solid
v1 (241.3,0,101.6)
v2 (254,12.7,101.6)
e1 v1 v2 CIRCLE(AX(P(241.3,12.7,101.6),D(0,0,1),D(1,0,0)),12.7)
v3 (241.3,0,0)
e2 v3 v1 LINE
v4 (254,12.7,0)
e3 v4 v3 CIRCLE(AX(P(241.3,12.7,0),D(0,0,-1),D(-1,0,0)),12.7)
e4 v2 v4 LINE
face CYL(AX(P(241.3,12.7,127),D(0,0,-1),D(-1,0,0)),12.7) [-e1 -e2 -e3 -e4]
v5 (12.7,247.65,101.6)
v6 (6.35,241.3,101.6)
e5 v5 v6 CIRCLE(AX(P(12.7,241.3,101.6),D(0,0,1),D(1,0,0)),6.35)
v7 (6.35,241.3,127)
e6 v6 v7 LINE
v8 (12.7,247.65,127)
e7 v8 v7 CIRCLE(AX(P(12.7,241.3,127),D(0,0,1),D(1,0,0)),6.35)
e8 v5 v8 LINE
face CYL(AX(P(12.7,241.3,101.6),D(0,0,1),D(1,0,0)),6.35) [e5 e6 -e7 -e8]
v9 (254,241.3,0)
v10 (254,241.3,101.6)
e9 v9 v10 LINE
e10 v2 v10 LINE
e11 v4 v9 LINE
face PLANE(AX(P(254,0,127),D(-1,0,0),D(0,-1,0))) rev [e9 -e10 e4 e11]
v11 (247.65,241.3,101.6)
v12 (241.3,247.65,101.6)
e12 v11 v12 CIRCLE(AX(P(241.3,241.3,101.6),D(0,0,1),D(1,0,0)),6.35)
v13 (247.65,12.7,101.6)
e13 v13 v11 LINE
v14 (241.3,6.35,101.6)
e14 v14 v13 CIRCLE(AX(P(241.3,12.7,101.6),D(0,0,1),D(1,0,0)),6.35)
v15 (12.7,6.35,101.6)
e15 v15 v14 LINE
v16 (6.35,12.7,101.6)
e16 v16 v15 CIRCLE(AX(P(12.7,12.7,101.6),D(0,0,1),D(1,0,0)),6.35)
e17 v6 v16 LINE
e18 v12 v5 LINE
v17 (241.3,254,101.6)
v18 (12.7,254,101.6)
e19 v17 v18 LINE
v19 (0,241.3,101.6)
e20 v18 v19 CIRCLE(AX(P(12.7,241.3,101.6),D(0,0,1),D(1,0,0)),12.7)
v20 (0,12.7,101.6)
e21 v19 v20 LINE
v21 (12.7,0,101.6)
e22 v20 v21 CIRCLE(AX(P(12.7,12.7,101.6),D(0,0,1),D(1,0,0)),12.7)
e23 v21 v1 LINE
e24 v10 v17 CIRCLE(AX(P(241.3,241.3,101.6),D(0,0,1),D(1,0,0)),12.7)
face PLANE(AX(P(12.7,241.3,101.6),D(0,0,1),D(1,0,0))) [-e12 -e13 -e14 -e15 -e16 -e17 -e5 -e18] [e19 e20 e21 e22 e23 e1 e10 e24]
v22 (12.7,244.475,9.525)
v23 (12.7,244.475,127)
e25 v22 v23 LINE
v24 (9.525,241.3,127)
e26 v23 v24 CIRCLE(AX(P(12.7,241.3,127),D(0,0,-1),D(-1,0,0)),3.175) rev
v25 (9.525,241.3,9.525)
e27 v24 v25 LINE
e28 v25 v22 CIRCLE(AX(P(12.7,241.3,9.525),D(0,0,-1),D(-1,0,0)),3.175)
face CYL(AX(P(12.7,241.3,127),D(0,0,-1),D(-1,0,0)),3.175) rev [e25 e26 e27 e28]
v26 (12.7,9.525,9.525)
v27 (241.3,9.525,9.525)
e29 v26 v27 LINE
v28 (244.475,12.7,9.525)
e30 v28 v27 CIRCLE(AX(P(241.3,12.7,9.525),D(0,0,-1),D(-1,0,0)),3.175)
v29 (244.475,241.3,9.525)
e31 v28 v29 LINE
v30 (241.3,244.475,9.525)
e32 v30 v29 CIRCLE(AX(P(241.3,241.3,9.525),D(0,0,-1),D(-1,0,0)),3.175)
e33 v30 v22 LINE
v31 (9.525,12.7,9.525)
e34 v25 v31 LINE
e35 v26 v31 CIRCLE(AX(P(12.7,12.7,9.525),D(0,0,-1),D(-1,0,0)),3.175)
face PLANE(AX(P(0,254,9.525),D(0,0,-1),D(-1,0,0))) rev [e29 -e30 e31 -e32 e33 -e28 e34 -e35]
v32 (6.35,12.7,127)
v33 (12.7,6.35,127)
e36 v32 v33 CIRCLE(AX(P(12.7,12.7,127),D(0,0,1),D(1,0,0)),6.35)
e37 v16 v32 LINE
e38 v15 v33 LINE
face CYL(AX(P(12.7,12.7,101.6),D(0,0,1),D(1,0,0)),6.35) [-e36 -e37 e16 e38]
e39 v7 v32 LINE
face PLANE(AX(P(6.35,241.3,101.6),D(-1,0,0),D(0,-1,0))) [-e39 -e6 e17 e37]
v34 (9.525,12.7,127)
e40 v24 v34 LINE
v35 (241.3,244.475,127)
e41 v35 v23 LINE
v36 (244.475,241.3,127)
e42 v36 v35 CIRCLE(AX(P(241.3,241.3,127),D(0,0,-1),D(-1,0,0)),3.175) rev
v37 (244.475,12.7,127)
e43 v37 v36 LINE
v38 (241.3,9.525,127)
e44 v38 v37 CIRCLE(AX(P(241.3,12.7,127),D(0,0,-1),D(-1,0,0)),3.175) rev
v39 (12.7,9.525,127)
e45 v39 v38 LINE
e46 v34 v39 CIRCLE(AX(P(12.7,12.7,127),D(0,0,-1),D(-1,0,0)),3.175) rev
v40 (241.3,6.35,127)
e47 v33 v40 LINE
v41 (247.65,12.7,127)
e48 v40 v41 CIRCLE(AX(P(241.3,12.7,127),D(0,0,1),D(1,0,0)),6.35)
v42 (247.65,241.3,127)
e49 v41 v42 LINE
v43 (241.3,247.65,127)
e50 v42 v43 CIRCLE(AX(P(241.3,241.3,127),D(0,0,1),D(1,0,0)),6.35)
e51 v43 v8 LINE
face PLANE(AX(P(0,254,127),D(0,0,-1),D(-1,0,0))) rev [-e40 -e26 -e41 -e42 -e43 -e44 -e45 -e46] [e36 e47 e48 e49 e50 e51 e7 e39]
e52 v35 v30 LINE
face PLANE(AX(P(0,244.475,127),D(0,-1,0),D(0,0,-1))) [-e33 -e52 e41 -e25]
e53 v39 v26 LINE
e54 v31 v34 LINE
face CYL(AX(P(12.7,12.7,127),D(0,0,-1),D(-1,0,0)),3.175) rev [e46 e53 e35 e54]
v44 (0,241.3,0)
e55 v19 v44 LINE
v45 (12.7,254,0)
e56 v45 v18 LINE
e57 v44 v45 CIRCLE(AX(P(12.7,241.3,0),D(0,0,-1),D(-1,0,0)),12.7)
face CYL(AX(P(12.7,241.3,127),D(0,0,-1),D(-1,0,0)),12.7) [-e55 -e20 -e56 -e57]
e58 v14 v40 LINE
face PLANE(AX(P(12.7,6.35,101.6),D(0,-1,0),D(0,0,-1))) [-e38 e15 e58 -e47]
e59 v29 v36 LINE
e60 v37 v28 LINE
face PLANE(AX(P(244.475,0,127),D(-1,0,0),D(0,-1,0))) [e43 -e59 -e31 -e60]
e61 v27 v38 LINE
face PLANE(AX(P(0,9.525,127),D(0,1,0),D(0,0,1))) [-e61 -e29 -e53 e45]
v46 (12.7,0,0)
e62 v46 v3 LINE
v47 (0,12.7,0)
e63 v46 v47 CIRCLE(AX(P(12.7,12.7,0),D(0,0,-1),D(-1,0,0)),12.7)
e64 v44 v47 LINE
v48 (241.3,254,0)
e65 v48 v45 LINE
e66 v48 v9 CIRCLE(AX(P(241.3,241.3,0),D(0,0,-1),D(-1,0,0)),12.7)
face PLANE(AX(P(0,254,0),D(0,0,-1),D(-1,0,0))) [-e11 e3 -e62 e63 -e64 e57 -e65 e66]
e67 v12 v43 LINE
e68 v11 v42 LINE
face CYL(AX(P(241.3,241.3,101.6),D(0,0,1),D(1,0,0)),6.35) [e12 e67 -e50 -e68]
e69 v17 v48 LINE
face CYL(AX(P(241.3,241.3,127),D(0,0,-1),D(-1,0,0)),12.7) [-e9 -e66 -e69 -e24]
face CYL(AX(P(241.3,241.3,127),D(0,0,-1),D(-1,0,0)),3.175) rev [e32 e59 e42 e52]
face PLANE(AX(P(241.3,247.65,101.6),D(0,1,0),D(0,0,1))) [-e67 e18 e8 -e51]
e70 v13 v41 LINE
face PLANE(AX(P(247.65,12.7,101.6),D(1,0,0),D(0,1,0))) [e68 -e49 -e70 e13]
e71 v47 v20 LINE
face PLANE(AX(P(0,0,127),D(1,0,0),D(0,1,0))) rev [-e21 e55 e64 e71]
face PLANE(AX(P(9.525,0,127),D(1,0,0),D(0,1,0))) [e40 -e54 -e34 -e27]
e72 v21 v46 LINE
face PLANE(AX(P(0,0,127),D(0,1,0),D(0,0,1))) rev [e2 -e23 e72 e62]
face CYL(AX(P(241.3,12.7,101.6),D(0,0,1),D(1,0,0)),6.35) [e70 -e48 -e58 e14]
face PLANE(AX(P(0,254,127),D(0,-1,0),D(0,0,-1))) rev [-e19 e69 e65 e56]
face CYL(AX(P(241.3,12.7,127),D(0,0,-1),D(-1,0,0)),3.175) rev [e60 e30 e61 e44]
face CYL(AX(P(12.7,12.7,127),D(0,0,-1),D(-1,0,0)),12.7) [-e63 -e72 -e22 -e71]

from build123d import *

# Parameters (mm, degrees)
SKETCH2_W          = 254
SKETCH2_H          = 254
EXTRUDE1_DEPTH     = 127
FILLET1_R          = 12.7
SHELL1_T           = -9.525
CUT_EXTRUDE1_DEPTH = 25.4


with BuildPart() as part:
    # Sketch2 → Extrude1 (new body)
    with BuildSketch(Plane.XY):
        with Locations((127, 127)):
            Rectangle(SKETCH2_W, SKETCH2_H)
    extrude(amount=EXTRUDE1_DEPTH)

    # Fillet1
    fillet1_edges = [part.edges().sort_by_distance(p)[0] for p in [
        (0, 254, 63.5),
        (254, 254, 63.5),
        (254, 0, 63.5),
        (0, 0, 63.5),
    ]]
    fillet(fillet1_edges, radius=FILLET1_R)

    # Shell1
    shell1_openings = [part.faces().sort_by_distance(p)[0] for p in [
        (127, 127, 127),
    ]]
    offset(amount=SHELL1_T, openings=shell1_openings, kind=Kind.INTERSECTION)

    # Sketch3 → Cut-Extrude1 (cut)
    with BuildSketch(Plane.XY.offset(127)):
        with BuildLine():
            Line((0, 241.3), (0, 12.7))
            ThreePointArc((0, 12.7), (3.719743879, 3.719743879), (12.7, 0))
            Line((12.7, 0), (241.3, 0))
            ThreePointArc((241.3, 0), (250.280256121, 3.719743879), (254, 12.7))
            Line((254, 12.7), (254, 241.3))
            ThreePointArc((254, 241.3), (250.280256121, 250.280256121), (241.3, 254))
            Line((241.3, 254), (12.7, 254))
            ThreePointArc((12.7, 254), (3.719743879, 250.280256121), (0, 241.3))
        make_face()
        with BuildLine():
            Line((6.35, 241.3), (6.35, 12.7))
            ThreePointArc((6.35, 12.7), (8.209871939, 8.209871939), (12.7, 6.35))
            Line((12.7, 6.35), (241.3, 6.35))
            ThreePointArc((241.3, 6.35), (245.790128061, 8.209871939), (247.65, 12.7))
            Line((247.65, 12.7), (247.65, 241.3))
            ThreePointArc((247.65, 241.3), (245.790128061, 245.790128061), (241.3, 247.65))
            Line((241.3, 247.65), (12.7, 247.65))
            ThreePointArc((12.7, 247.65), (8.209871939, 245.790128061), (6.35, 241.3))
        make_face(mode=Mode.SUBTRACT)
    extrude(amount=-CUT_EXTRUDE1_DEPTH, mode=Mode.SUBTRACT)


solid = part.part
